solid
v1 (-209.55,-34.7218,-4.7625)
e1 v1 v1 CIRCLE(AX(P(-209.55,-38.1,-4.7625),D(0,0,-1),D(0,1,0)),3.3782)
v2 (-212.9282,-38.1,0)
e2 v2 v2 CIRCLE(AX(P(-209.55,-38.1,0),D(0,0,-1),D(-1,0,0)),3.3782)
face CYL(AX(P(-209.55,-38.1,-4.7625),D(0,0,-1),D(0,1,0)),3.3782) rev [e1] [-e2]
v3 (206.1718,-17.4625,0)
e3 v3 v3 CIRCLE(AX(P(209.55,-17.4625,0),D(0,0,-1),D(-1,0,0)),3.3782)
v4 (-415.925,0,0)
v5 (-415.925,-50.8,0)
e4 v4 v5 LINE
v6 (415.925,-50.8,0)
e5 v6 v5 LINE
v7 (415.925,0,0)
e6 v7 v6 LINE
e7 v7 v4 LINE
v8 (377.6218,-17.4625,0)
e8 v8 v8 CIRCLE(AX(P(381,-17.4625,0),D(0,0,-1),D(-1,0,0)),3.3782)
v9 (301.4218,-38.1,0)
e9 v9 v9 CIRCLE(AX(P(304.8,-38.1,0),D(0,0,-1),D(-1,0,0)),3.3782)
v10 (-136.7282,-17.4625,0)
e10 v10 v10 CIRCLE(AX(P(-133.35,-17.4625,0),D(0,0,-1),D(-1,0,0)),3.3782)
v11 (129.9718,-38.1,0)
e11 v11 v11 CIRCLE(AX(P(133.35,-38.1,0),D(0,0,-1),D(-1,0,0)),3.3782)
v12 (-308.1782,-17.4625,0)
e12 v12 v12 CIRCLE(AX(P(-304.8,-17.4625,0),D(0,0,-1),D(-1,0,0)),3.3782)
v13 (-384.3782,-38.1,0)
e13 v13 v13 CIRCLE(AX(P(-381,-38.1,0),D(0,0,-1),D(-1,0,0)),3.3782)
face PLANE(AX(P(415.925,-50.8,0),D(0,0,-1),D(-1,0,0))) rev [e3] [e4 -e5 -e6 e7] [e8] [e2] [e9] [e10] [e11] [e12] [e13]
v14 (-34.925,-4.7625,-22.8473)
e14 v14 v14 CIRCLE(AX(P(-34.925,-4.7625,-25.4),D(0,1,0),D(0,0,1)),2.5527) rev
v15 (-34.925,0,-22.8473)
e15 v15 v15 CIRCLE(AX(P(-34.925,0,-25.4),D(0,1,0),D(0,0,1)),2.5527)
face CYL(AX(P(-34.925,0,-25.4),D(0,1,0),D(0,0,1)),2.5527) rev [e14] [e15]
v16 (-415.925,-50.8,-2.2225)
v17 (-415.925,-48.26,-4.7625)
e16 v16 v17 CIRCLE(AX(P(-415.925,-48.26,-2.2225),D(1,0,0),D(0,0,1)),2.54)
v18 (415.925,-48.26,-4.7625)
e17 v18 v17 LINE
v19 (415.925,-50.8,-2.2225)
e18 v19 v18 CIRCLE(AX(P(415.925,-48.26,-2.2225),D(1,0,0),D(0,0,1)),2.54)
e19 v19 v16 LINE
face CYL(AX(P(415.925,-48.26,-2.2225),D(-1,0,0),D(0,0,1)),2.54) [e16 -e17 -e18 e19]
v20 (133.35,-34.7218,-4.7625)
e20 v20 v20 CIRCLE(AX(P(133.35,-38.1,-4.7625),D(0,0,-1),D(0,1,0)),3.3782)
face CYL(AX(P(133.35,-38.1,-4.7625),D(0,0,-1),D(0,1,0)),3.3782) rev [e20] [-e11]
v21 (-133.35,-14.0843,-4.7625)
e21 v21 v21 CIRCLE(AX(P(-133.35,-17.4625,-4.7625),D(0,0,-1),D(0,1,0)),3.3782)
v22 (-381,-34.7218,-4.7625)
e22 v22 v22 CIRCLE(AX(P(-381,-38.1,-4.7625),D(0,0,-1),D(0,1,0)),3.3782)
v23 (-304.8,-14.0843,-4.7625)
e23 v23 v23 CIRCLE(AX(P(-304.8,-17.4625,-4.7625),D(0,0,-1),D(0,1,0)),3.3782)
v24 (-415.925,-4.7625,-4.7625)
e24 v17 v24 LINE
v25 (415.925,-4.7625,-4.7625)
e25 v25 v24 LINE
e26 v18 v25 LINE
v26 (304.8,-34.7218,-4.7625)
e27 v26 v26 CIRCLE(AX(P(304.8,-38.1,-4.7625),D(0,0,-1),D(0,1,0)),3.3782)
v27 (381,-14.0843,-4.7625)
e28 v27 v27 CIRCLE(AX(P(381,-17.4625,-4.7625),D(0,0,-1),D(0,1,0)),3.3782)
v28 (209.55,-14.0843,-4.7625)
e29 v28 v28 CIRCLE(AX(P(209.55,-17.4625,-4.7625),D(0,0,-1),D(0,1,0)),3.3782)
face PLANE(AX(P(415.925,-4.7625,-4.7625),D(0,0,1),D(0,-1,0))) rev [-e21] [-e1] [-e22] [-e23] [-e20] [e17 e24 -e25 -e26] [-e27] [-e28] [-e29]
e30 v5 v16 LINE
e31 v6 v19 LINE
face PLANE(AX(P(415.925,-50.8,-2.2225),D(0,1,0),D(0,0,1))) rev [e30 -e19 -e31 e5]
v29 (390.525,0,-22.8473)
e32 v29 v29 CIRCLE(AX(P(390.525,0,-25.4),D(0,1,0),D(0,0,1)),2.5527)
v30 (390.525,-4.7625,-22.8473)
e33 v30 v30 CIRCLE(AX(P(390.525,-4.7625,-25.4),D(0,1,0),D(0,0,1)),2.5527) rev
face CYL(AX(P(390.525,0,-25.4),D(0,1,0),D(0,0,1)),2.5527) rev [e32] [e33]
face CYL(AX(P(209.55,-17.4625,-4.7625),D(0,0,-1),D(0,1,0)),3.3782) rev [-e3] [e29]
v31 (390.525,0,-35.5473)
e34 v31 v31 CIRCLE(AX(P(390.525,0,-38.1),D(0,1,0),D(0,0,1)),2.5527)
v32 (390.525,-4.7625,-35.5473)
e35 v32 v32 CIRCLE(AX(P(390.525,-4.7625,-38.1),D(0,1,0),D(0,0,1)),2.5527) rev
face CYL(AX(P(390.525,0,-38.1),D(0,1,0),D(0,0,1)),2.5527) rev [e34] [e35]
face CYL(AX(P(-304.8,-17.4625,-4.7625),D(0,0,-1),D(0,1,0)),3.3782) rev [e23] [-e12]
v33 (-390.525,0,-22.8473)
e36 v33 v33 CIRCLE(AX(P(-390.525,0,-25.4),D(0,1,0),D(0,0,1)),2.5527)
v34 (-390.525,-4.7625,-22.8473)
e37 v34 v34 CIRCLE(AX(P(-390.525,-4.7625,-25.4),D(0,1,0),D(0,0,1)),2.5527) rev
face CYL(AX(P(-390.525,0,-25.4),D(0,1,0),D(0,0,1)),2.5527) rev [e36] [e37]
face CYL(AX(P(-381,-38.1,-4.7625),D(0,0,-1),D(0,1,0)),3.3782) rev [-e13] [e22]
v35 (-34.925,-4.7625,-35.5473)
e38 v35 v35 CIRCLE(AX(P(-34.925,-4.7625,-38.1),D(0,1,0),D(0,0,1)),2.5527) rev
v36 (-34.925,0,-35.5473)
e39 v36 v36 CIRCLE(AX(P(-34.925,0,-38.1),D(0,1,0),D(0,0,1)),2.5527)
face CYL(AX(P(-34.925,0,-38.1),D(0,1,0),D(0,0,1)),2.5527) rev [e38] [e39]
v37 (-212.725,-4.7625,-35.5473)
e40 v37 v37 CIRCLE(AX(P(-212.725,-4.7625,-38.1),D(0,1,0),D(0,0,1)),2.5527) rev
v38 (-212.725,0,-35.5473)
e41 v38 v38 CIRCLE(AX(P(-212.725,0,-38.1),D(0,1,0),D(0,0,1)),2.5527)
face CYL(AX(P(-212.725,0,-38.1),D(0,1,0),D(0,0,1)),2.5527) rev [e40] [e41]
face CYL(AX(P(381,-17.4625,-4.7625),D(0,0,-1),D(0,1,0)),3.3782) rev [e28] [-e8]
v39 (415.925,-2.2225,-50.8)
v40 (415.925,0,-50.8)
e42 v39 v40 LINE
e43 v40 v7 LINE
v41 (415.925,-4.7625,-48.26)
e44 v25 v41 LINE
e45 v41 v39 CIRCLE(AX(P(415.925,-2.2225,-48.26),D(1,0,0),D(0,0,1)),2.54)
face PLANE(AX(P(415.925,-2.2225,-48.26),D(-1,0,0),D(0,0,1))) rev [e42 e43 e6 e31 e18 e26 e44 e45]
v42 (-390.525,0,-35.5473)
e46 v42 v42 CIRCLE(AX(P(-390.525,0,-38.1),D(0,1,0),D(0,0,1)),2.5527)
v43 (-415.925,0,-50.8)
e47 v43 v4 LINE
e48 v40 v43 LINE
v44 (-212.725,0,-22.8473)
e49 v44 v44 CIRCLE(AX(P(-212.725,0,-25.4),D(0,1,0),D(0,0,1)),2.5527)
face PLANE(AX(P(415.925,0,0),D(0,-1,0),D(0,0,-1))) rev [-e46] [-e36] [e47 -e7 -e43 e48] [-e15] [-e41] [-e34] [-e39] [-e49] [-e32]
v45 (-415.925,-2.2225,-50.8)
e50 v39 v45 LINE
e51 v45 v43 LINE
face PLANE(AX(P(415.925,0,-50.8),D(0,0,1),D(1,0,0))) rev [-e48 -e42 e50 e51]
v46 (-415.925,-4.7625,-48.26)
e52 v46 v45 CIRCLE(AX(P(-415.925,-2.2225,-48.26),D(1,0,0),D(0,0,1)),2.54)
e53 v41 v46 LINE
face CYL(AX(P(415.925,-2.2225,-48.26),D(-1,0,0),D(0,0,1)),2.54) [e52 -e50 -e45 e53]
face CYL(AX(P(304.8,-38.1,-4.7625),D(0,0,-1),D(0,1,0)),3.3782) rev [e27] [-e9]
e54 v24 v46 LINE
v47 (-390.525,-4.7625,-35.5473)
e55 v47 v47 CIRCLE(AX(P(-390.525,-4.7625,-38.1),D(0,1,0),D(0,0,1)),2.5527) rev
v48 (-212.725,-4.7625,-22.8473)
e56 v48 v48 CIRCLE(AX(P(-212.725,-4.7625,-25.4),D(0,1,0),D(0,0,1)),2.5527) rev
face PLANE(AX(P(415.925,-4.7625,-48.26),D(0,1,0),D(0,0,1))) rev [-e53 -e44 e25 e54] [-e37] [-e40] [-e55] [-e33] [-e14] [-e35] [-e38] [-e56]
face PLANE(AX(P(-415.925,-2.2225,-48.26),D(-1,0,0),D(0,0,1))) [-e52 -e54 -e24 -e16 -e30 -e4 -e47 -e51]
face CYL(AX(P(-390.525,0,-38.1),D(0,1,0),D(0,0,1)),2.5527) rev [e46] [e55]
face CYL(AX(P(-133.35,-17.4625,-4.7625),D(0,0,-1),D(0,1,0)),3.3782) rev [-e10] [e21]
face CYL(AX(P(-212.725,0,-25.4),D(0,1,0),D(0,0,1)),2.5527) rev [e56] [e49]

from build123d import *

# Parameters (mm, degrees)
BOSS_EXTRUDE1_DEPTH     = 415.925
F_1_4_CLEARANCE_HOLE1_D = 6.7564
LPATTERN1_COUNT         = 5
LPATTERN1_PITCH         = 171.45
F_10_CLEARANCE_HOLE2_D  = 5.1054


with BuildPart() as part:
    # Sketch1 → Boss-Extrude1 (new, symmetric)
    with BuildSketch(Plane(origin=(0, 0, 0), x_dir=(0, 0, -1), z_dir=(1, 0, 0))):
        with BuildLine():
            Line((0, 0), (50.8, 0))
            Line((50.8, 0), (50.8, -2.2225))
            ThreePointArc((50.8, -2.2225), (50.056051224, -4.018551224), (48.26, -4.7625))
            Line((48.26, -4.7625), (4.7625, -4.7625))
            Line((4.7625, -4.7625), (4.7625, -48.26))
            ThreePointArc((4.7625, -48.26), (4.018551224, -50.056051224), (2.2225, -50.8))
            Line((2.2225, -50.8), (0, -50.8))
            Line((0, -50.8), (0, 0))
        make_face()
    extrude(amount=BOSS_EXTRUDE1_DEPTH, both=True)

    # 1/4 Clearance Hole1 (through all)
    with Locations(Plane(origin=(0, 0, -4.7625), x_dir=(-1, 0, 0), z_dir=(0, 0, -1))):
        with Locations((-381, -17.4625), (-304.8, -38.1)):
            f_1_4_clearance_hole1 = Hole(F_1_4_CLEARANCE_HOLE1_D / 2)

    # LPattern1: 1/4 Clearance Hole1 ×5, 1 skipped
    with Locations(*[(-i * LPATTERN1_PITCH, 0, 0) for i in range(1, LPATTERN1_COUNT) if i not in (2,)]):
        add(f_1_4_clearance_hole1, mode=Mode.SUBTRACT)

    # #10 Clearance Hole2 (through all)
    with Locations(Plane(origin=(0, 0, 0), x_dir=(1, 0, 0), z_dir=(0, 1, 0))):
        with Locations((-34.925, 25.4), (-34.925, 38.1), (-212.725, 38.1), (-212.725, 25.4), (-390.525, 25.4), (-390.525, 38.1), (390.525, 38.1), (390.525, 25.4)):
            Hole(F_10_CLEARANCE_HOLE2_D / 2)


solid = part.part
